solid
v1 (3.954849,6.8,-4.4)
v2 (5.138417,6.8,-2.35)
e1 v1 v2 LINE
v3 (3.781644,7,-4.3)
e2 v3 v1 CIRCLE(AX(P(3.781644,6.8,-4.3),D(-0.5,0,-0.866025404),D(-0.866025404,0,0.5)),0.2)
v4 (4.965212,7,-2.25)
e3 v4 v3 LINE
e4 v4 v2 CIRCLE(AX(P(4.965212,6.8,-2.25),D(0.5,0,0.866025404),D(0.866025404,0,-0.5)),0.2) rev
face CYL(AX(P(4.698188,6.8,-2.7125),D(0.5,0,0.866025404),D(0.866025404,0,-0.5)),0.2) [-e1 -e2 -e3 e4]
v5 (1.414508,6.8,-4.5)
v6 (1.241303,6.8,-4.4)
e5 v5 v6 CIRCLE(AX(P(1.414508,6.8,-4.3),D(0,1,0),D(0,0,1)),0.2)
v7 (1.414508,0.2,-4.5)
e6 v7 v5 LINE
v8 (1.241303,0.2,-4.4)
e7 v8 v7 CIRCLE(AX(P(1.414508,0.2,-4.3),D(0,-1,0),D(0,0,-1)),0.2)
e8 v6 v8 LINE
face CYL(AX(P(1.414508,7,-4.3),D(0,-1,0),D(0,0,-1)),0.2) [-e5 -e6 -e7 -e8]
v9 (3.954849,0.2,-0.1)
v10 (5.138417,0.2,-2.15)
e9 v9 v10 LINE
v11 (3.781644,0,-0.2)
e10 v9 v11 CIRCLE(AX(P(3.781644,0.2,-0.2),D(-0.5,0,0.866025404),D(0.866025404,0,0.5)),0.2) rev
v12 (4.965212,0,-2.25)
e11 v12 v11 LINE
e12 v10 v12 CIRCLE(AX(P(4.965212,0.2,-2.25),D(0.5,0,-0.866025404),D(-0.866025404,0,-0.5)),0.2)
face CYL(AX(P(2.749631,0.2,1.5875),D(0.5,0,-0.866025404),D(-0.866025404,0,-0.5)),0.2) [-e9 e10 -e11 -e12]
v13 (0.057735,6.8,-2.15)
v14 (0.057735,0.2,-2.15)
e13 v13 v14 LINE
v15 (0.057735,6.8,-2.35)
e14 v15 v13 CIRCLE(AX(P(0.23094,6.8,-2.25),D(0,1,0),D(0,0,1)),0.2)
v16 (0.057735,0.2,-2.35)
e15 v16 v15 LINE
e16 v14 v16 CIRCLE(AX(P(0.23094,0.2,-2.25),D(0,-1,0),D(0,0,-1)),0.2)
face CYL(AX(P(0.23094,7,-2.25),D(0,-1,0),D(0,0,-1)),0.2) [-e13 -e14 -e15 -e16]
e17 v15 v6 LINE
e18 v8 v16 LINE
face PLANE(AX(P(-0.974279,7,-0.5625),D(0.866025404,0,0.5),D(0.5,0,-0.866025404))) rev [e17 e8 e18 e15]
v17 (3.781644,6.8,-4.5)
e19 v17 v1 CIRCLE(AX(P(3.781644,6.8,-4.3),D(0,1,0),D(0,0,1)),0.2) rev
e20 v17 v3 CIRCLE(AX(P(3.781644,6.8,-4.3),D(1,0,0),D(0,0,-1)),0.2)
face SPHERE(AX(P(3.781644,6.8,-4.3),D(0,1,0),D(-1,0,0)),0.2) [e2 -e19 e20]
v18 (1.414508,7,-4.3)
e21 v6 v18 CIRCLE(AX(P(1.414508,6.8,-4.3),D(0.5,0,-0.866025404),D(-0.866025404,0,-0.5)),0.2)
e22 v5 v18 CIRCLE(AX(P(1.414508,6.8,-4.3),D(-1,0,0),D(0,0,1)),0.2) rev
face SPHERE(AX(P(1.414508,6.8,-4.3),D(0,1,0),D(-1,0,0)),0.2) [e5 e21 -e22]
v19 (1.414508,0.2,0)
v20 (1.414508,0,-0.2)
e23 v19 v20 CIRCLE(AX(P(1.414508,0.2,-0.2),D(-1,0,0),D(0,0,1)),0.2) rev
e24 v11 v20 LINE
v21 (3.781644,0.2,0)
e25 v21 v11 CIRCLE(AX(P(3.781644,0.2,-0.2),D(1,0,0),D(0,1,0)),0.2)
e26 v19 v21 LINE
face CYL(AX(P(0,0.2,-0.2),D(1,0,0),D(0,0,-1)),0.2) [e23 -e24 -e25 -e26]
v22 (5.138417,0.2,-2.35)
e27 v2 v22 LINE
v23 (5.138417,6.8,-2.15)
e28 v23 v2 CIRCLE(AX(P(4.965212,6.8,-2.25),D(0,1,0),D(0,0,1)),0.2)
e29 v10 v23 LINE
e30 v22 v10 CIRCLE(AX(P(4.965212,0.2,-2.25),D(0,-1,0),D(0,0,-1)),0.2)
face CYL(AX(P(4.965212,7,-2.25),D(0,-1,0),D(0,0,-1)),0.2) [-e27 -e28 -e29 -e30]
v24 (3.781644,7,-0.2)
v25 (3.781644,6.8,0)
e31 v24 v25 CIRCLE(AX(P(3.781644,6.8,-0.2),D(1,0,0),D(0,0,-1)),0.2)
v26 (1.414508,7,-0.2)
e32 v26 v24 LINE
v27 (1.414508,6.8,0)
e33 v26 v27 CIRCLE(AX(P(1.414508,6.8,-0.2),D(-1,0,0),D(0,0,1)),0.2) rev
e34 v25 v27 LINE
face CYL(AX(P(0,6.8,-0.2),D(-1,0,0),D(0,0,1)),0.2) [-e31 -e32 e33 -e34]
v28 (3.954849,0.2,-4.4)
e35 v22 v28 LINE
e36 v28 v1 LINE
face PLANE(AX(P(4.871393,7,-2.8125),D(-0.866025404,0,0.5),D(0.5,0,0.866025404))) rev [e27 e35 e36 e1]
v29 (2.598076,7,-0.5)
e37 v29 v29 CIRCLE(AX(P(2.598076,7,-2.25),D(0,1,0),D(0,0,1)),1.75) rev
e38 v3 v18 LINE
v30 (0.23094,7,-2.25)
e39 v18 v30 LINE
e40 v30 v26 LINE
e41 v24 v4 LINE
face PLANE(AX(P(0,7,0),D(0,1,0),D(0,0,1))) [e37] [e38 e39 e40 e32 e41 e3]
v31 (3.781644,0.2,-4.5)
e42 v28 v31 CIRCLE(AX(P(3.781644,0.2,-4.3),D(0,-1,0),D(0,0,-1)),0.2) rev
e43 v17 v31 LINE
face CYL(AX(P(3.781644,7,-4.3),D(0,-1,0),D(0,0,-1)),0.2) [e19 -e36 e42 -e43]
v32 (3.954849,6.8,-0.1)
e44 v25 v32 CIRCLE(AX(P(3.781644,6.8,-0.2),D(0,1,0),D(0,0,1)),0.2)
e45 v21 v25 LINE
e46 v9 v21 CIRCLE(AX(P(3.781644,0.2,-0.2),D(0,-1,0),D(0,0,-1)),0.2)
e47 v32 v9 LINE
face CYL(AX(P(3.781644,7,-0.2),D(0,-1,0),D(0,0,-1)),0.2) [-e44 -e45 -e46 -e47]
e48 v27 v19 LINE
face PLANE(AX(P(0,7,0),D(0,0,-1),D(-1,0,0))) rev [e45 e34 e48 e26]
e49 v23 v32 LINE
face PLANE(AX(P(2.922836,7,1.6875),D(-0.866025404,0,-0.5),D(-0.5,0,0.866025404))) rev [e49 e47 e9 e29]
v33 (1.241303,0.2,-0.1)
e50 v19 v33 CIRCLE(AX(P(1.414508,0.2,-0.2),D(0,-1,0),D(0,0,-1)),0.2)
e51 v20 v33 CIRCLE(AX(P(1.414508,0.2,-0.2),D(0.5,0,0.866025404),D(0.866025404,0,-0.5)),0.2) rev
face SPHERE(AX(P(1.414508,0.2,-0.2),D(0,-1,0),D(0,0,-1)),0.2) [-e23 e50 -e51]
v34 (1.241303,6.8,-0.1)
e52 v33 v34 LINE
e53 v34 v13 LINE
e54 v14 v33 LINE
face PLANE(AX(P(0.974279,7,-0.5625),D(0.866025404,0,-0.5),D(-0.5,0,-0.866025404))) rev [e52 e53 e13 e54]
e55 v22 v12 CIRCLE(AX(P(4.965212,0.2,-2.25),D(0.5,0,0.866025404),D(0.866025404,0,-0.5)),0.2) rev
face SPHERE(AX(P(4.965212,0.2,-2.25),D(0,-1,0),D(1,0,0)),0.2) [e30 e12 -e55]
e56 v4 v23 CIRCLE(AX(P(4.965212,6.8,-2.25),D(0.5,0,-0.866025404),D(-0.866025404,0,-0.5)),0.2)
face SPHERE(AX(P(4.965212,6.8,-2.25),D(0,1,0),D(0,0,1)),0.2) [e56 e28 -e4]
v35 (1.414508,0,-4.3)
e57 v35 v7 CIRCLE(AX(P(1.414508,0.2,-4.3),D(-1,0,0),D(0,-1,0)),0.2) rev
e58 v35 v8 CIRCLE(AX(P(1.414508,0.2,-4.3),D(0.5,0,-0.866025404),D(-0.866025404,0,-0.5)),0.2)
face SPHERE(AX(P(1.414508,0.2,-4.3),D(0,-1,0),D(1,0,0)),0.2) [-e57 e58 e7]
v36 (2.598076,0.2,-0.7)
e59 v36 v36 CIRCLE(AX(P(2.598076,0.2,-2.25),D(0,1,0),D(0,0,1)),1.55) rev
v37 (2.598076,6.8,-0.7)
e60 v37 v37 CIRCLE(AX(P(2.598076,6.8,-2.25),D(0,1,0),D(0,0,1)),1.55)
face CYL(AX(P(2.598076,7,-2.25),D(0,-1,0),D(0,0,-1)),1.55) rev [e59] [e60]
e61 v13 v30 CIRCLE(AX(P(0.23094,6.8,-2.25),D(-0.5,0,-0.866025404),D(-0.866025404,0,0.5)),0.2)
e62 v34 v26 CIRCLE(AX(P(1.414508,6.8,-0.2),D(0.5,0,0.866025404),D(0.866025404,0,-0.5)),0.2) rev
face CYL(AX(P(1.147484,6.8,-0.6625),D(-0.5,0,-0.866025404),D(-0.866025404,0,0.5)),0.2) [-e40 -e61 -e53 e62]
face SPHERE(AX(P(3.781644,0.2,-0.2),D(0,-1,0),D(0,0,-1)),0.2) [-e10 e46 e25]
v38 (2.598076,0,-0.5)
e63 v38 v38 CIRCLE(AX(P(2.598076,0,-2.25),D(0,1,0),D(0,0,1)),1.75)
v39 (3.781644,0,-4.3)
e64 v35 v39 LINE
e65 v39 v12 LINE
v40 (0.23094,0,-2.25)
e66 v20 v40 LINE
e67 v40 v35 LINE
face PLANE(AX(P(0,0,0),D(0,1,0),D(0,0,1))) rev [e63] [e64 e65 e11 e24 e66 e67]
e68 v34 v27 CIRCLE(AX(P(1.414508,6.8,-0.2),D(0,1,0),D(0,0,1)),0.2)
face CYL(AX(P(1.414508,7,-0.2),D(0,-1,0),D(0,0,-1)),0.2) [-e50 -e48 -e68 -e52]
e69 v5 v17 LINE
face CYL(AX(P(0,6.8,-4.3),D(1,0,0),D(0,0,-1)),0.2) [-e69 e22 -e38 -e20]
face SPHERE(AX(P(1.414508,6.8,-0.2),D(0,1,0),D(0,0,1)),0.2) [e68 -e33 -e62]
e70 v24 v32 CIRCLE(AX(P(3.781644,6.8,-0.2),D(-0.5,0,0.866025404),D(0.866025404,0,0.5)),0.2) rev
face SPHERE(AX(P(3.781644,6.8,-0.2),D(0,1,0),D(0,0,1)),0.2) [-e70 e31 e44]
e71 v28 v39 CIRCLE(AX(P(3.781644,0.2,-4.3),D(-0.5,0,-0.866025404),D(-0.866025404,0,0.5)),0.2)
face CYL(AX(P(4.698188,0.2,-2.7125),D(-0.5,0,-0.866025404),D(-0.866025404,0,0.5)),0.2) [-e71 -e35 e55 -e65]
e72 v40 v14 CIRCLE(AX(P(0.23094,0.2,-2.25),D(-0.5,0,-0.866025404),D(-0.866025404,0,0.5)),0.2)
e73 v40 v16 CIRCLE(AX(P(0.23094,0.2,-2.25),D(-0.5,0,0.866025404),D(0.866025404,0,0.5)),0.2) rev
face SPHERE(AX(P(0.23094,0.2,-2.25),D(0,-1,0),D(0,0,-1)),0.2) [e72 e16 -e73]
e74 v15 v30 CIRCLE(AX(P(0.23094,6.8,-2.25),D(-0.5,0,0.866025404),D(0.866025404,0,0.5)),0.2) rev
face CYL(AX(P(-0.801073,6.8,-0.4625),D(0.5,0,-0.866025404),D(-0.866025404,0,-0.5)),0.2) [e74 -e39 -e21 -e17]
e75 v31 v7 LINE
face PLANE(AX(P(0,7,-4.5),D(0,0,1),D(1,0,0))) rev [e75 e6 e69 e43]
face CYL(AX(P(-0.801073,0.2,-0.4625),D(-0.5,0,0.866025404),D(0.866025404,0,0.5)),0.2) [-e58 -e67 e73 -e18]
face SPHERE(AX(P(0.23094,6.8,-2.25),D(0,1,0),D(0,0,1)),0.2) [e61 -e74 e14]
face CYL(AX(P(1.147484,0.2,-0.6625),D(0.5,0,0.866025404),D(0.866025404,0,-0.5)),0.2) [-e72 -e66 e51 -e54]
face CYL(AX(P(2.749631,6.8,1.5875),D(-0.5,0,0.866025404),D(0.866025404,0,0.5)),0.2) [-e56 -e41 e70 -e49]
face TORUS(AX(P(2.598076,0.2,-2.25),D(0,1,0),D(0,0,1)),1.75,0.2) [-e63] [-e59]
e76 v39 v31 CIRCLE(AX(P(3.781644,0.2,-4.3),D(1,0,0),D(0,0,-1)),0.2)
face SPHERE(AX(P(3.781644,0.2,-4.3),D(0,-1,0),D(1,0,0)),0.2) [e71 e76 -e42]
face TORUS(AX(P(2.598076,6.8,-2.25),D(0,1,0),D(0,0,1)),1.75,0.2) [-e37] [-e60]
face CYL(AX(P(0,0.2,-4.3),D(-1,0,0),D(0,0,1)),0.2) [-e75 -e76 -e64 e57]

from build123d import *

# Parameters (mm, degrees)
SKETCH1_R           = 1.55
BOSS_EXTRUDE1_DEPTH = 7
FILLET1_R           = 0.2


with BuildPart() as part:
    # Sketch1 → Boss-Extrude1 (new body)
    with BuildSketch(Plane(origin=(0, 0, 0), x_dir=(1, 0, 0), z_dir=(0, 1, 0))):
        Polygon((3.897114317, 4.5), (1.299038106, 4.5), (0, 2.25), (1.299038106, 0), (3.897114317, 0), (5.196152423, 2.25), align=None)
        with Locations(Location((2.598076211, 2.25, 0), (0, 0, 270))):
            Circle(SKETCH1_R, mode=Mode.SUBTRACT)
    extrude(amount=BOSS_EXTRUDE1_DEPTH)

    # Fillet1
    fillet1_edges = [part.edges().sort_by_distance(p)[0] for p in [
        (0.649519053, 0, -1.125),
        (0.649519053, 0, -3.375),
        (2.598076211, 0, -4.5),
        (2.598076211, 0, -3.8),
        (2.598076211, 7, -4.5),
        (3.897114317, 3.5, -4.5),
        (5.196152423, 3.5, -2.25),
        (3.897114317, 3.5, 0),
        (1.299038106, 3.5, 0),
        (0, 3.5, -2.25),
        (1.299038106, 3.5, -4.5),
        (0.649519053, 7, -3.375),
        (0.649519053, 7, -1.125),
        (2.598076211, 7, 0),
        (4.54663337, 7, -1.125),
        (4.54663337, 7, -3.375),
        (2.598076211, 7, -3.8),
        (4.54663337, 0, -3.375),
        (4.54663337, 0, -1.125),
        (2.598076211, 0, 0),
    ]]
    fillet(fillet1_edges, radius=FILLET1_R)


solid = part.part
